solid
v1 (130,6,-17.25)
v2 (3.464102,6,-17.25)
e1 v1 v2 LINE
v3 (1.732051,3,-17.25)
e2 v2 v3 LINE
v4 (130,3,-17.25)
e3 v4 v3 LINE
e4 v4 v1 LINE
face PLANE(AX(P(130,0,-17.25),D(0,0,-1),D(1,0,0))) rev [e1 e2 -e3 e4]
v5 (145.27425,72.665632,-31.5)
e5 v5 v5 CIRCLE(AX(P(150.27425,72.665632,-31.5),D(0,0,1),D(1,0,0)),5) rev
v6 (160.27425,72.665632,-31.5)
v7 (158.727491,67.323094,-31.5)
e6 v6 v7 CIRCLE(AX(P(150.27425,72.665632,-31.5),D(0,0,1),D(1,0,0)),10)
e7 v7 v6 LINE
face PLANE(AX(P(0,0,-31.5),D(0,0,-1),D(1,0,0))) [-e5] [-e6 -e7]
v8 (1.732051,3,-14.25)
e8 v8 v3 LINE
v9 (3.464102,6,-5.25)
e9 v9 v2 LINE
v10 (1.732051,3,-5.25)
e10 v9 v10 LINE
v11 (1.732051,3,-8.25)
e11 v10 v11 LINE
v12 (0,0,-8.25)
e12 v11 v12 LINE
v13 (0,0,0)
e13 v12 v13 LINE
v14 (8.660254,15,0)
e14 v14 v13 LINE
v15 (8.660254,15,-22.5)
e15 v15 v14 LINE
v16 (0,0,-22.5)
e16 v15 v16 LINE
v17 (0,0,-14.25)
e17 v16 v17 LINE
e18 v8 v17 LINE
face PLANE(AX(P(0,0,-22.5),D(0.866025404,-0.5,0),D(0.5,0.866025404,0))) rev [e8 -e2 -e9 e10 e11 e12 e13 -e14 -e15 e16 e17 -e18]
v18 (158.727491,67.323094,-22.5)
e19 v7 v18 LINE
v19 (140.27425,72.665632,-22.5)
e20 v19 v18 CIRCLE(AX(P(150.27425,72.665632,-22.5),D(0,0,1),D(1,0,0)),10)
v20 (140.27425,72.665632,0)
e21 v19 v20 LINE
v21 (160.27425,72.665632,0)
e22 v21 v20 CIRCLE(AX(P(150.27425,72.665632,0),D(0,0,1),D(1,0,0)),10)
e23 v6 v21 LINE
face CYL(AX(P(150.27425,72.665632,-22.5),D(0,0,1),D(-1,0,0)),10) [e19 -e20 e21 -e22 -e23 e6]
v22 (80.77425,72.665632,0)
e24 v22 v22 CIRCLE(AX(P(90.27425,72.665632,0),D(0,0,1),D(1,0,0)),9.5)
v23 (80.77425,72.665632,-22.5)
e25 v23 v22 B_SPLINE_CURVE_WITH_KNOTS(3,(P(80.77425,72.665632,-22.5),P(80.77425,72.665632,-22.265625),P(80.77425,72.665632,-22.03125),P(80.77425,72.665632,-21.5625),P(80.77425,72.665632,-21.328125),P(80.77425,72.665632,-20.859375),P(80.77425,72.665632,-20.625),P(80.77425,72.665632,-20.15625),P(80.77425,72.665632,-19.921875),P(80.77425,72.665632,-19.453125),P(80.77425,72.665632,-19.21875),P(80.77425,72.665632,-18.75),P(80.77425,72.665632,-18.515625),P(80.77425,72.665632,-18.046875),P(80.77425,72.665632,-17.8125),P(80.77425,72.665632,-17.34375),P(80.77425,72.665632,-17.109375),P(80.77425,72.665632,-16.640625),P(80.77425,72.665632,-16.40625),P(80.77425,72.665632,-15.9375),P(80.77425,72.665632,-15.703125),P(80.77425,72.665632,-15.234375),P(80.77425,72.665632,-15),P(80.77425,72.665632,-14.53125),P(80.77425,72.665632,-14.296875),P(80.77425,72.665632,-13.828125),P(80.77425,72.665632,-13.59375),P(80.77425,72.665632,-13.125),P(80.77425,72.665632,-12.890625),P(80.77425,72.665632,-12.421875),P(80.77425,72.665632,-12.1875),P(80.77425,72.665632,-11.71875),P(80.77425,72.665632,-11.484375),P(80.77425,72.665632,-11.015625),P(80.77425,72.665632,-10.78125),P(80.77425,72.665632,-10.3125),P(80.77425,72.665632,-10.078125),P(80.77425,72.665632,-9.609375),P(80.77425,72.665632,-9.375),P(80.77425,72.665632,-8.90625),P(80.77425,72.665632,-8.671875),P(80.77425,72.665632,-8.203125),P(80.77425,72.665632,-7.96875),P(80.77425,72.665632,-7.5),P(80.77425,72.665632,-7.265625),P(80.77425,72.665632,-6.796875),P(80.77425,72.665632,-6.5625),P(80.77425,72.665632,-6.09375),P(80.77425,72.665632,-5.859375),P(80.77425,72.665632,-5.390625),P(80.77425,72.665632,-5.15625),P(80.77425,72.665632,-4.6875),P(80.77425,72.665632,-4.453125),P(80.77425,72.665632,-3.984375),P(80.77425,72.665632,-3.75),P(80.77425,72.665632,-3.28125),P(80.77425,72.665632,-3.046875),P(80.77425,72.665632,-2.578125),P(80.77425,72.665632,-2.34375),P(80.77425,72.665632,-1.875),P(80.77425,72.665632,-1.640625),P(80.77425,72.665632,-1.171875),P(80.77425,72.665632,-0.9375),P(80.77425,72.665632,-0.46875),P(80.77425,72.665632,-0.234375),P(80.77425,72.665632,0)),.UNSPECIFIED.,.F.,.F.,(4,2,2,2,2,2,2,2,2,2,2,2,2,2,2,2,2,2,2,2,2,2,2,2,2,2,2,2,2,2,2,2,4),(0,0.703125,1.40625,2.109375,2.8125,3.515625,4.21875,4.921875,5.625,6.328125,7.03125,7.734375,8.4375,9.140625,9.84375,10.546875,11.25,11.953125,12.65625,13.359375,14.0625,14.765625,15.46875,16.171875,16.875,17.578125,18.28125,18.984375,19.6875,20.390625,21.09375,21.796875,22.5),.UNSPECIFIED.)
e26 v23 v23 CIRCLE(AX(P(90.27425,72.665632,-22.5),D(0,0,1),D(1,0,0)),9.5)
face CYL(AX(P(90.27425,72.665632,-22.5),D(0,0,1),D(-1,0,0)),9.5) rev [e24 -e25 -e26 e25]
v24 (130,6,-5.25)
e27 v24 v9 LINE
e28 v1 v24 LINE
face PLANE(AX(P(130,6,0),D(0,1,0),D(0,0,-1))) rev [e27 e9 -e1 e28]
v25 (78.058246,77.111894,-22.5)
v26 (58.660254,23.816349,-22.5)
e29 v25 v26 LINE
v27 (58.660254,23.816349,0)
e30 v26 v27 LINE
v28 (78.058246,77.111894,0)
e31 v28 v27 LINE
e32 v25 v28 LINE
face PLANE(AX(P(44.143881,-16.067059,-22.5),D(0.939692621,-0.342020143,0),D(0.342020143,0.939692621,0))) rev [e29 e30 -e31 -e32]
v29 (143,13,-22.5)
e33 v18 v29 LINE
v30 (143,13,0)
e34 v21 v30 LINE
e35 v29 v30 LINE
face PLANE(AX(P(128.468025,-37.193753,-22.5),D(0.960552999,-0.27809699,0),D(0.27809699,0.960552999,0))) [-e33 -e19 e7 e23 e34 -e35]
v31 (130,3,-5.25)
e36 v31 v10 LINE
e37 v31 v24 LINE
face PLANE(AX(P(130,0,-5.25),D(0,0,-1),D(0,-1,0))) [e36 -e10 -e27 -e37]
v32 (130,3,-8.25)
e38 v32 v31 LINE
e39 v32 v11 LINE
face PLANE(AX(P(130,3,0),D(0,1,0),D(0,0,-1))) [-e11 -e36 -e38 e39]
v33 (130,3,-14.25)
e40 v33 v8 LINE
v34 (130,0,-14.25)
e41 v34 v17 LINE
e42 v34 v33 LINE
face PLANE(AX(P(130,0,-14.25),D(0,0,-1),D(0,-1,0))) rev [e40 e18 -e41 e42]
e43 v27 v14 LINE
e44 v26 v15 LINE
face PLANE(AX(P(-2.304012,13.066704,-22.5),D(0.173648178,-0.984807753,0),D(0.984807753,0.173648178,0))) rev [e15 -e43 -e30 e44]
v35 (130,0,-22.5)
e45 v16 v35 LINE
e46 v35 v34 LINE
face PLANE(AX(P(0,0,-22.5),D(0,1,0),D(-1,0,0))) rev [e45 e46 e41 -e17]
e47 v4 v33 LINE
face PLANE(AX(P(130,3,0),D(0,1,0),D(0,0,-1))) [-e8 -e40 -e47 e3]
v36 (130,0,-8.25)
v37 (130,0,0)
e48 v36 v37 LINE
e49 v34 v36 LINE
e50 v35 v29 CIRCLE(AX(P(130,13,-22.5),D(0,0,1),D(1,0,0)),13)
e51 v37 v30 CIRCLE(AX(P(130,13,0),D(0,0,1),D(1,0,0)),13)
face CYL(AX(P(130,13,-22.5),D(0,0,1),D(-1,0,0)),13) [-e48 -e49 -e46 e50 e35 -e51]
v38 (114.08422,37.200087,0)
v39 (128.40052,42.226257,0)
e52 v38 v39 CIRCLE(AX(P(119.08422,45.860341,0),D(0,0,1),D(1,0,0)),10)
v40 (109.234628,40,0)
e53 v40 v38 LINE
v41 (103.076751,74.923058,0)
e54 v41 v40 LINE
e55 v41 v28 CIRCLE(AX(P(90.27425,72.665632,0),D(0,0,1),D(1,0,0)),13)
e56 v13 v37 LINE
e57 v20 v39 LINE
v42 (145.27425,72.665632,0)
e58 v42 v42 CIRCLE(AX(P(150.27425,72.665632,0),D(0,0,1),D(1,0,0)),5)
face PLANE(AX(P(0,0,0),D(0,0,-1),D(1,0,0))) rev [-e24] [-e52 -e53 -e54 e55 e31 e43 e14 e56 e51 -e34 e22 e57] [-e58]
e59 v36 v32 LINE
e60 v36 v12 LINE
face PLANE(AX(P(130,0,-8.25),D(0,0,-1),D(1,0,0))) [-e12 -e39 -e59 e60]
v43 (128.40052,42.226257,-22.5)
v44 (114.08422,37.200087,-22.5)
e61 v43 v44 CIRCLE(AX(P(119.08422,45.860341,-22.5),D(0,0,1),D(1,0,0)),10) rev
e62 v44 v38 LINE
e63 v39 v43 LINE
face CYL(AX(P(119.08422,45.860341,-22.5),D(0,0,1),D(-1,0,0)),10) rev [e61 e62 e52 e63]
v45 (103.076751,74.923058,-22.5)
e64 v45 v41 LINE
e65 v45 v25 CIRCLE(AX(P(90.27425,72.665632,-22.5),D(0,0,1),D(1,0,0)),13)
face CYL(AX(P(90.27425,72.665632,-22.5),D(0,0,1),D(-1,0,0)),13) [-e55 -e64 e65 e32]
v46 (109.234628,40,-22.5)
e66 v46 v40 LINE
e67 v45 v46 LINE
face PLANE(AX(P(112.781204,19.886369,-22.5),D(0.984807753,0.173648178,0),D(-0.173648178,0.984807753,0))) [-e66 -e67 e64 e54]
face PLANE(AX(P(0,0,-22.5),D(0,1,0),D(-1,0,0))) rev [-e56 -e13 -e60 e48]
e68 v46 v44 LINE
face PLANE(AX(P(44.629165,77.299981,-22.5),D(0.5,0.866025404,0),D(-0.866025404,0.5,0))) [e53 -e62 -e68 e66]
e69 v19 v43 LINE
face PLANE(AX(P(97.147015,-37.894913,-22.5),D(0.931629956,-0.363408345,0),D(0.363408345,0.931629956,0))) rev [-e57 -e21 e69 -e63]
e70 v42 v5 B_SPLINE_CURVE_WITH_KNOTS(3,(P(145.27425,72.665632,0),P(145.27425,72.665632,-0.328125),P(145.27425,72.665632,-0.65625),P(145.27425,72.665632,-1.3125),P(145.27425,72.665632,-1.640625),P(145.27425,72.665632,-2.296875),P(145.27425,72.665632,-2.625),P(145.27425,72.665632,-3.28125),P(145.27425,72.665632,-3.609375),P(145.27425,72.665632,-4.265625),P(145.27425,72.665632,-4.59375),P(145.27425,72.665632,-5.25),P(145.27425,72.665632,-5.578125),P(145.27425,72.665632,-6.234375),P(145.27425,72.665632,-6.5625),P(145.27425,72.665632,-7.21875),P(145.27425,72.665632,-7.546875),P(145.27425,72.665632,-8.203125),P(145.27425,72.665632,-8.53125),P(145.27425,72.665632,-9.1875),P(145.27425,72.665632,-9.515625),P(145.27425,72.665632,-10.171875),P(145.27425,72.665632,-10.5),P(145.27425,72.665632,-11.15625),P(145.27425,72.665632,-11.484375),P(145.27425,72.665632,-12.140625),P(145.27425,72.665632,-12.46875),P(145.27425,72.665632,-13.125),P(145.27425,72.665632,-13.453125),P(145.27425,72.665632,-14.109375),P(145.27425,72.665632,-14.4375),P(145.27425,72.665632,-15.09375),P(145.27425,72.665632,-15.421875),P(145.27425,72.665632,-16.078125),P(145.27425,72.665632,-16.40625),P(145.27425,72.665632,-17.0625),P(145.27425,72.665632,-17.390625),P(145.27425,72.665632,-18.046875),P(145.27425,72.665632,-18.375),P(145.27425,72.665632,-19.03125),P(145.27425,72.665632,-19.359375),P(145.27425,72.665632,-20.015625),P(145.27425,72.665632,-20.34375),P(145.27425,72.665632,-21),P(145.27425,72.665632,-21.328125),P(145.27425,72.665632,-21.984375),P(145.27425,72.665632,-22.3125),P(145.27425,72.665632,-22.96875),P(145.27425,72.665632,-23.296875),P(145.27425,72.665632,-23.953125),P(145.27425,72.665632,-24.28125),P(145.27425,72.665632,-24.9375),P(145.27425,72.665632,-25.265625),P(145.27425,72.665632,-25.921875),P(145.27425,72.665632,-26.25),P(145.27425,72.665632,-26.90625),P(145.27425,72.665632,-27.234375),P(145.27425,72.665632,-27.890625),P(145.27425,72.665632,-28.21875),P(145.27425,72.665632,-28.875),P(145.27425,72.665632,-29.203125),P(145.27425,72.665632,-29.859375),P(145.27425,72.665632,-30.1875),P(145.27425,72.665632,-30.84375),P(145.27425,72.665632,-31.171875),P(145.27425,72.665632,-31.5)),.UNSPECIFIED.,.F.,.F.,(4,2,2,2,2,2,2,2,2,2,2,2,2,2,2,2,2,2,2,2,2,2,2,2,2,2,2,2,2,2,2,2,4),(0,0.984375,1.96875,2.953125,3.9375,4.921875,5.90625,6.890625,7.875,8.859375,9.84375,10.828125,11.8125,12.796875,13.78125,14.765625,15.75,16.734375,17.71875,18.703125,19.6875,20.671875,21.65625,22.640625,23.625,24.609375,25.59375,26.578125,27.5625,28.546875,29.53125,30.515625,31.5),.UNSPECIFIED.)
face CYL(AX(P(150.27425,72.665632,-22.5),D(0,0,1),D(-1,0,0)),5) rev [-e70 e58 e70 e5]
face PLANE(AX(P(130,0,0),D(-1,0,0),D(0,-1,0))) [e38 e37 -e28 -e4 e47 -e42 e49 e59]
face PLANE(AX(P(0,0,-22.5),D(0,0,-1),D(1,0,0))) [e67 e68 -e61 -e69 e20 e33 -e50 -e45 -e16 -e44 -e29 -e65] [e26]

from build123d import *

# Parameters (mm, degrees)
SKETCH1_R           = 13
SKETCH1_R_2         = 9.5
SKETCH1_R_3         = 5
BOSS_EXTRUDE1_DEPTH = 22.5
SKETCH6_W           = 3
SKETCH6_H           = 3
CUT_EXTRUDE2_DEPTH  = 130
FILLET1_R           = 10
SKETCH7_R           = 5
BOSS_EXTRUDE2_DEPTH = 9


with BuildPart() as part:
    # Sketch1 → Boss-Extrude1 (new body)
    # profile 1 of 7: a face of its own
    with BuildSketch(Plane.XY):
        with BuildLine():
            ThreePointArc((103.274249999, 72.665631876), (88.01682369, 59.863131087), (78.058245929, 77.11189374))
            Line((78.058245929, 77.11189374), (58.660254038, 23.816349035))
            Line((58.660254038, 23.816349035), (8.660254038, 15))
            Line((8.660254038, 15), (0, 0))
            Line((0, 0), (130, 0))
            ThreePointArc((130, 0), (120.807611845, 3.807611845), (117, 13))
            ThreePointArc((117, 13), (117.888810571, 17.724308479), (120.433706247, 21.802614602))
            Line((120.433706247, 21.802614602), (124.168764572, 31.377772343))
            Line((124.168764572, 31.377772343), (109.234628196, 40))
            Line((109.234628196, 40), (103.076750789, 74.923058186))
            ThreePointArc((103.076750789, 74.923058186), (103.224781075, 73.798656532), (103.274249999, 72.665631876))
        make_face()
    # profile 2 of 7: a face of its own
    with BuildSketch(Plane.XY):
        with Locations((90.274249999, 72.665631876)):
            Circle(SKETCH1_R)
        with Locations(Location((90.274249999, 72.665631876, 0), (0, 0, 180))):
            Circle(SKETCH1_R_2, mode=Mode.SUBTRACT)
    # profile 3 of 7: a face of its own
    with BuildSketch(Plane.XY):
        with BuildLine():
            Line((136.5, 24.258330249), (124.168764572, 31.377772343))
            Line((124.168764572, 31.377772343), (120.433706247, 21.802614602))
            ThreePointArc((120.433706247, 21.802614602), (128.035776443, 25.850751955), (136.5, 24.258330249))
        make_face()
    # profile 4 of 7: a face of its own
    with BuildSketch(Plane.XY):
        with BuildLine():
            ThreePointArc((117, 13), (120.807611845, 3.807611845), (130, 0))
            ThreePointArc((130, 0), (139.192388155, 3.807611845), (143, 13))
            ThreePointArc((143, 13), (141.258330249, 19.5), (136.5, 24.258330249))
            ThreePointArc((136.5, 24.258330249), (128.035776443, 25.850751955), (120.433706247, 21.802614602))
            Line((120.433706247, 21.802614602), (117, 13))
        make_face()
    # profile 5 of 7: a face of its own
    with BuildSketch(Plane.XY):
        with BuildLine():
            Line((117, 13), (120.433706247, 21.802614602))
            ThreePointArc((120.433706247, 21.802614602), (117.888810571, 17.724308479), (117, 13))
        make_face()
    # profile 6 of 7: a face of its own
    with BuildSketch(Plane.XY):
        with BuildLine():
            Line((140.274249999, 72.665631876), (124.168764572, 31.377772343))
            Line((124.168764572, 31.377772343), (136.5, 24.258330249))
            ThreePointArc((136.5, 24.258330249), (141.258330249, 19.5), (143, 13))
            Line((143, 13), (158.72749128, 67.323093917))
            ThreePointArc((158.72749128, 67.323093917), (147.493280097, 63.060101886), (140.274249999, 72.665631876))
        make_face()
    # profile 7 of 7: a face of its own
    with BuildSketch(Plane.XY):
        with BuildLine():
            ThreePointArc((160.274249999, 72.665631876), (150.274249999, 82.665631876), (140.274249999, 72.665631876))
            ThreePointArc((140.274249999, 72.665631876), (147.493280097, 63.060101886), (158.72749128, 67.323093917))
            Line((158.72749128, 67.323093917), (160.274249999, 72.665631876))
        make_face()
        with Locations(Location((150.274249999, 72.665631876, 0), (0, 0, 180))):
            Circle(SKETCH1_R_3, mode=Mode.SUBTRACT)
    extrude(amount=BOSS_EXTRUDE1_DEPTH)

    # Sketch6 → Cut-Extrude2 (cut)
    with BuildSketch(Plane(origin=(0, 0, 0), x_dir=(0, 0, -1), z_dir=(-1, 0, 0))):
        with Locations((-9.75, -1.5)):
            Rectangle(SKETCH6_W, SKETCH6_H)
        Polygon((-8.25, -3), (-11.25, -3), (-11.25, -6), (-5.25, -6), (-5.25, -3), align=None)
        with Locations((-12.75, -1.5)):
            Rectangle(SKETCH6_W, SKETCH6_H)
        Polygon((-11.25, -3), (-14.25, -3), (-17.25, -3), (-17.25, -6), (-11.25, -6), align=None)
    extrude(amount=-CUT_EXTRUDE2_DEPTH, mode=Mode.SUBTRACT)

    # Fillet1
    fillet1_edges = [part.edges().sort_by_distance(p)[0] for p in [
        (124.168764572, 31.377772343, 11.25),
    ]]
    fillet(fillet1_edges, radius=FILLET1_R)

    # Sketch7 → Boss-Extrude2 (add)
    with BuildSketch(Plane.XY.offset(22.5)):
        with BuildLine():
            Line((158.72749128, 67.323093917), (160.274249999, 72.665631876))
            ThreePointArc((160.274249999, 72.665631876), (150.274249999, 82.665631876), (140.274249999, 72.665631876))
            ThreePointArc((140.274249999, 72.665631876), (147.493280097, 63.060101886), (158.72749128, 67.323093917))
        make_face()
        with Locations(Location((150.274249999, 72.665631876, 0), (0, 0, 180))):
            Circle(SKETCH7_R, mode=Mode.SUBTRACT)
    extrude(amount=BOSS_EXTRUDE2_DEPTH)


with BuildPart() as body_2:
    # Mirror1: mirrored copy
    add(part.part.mirror(Plane.XY))


solid = body_2.part
